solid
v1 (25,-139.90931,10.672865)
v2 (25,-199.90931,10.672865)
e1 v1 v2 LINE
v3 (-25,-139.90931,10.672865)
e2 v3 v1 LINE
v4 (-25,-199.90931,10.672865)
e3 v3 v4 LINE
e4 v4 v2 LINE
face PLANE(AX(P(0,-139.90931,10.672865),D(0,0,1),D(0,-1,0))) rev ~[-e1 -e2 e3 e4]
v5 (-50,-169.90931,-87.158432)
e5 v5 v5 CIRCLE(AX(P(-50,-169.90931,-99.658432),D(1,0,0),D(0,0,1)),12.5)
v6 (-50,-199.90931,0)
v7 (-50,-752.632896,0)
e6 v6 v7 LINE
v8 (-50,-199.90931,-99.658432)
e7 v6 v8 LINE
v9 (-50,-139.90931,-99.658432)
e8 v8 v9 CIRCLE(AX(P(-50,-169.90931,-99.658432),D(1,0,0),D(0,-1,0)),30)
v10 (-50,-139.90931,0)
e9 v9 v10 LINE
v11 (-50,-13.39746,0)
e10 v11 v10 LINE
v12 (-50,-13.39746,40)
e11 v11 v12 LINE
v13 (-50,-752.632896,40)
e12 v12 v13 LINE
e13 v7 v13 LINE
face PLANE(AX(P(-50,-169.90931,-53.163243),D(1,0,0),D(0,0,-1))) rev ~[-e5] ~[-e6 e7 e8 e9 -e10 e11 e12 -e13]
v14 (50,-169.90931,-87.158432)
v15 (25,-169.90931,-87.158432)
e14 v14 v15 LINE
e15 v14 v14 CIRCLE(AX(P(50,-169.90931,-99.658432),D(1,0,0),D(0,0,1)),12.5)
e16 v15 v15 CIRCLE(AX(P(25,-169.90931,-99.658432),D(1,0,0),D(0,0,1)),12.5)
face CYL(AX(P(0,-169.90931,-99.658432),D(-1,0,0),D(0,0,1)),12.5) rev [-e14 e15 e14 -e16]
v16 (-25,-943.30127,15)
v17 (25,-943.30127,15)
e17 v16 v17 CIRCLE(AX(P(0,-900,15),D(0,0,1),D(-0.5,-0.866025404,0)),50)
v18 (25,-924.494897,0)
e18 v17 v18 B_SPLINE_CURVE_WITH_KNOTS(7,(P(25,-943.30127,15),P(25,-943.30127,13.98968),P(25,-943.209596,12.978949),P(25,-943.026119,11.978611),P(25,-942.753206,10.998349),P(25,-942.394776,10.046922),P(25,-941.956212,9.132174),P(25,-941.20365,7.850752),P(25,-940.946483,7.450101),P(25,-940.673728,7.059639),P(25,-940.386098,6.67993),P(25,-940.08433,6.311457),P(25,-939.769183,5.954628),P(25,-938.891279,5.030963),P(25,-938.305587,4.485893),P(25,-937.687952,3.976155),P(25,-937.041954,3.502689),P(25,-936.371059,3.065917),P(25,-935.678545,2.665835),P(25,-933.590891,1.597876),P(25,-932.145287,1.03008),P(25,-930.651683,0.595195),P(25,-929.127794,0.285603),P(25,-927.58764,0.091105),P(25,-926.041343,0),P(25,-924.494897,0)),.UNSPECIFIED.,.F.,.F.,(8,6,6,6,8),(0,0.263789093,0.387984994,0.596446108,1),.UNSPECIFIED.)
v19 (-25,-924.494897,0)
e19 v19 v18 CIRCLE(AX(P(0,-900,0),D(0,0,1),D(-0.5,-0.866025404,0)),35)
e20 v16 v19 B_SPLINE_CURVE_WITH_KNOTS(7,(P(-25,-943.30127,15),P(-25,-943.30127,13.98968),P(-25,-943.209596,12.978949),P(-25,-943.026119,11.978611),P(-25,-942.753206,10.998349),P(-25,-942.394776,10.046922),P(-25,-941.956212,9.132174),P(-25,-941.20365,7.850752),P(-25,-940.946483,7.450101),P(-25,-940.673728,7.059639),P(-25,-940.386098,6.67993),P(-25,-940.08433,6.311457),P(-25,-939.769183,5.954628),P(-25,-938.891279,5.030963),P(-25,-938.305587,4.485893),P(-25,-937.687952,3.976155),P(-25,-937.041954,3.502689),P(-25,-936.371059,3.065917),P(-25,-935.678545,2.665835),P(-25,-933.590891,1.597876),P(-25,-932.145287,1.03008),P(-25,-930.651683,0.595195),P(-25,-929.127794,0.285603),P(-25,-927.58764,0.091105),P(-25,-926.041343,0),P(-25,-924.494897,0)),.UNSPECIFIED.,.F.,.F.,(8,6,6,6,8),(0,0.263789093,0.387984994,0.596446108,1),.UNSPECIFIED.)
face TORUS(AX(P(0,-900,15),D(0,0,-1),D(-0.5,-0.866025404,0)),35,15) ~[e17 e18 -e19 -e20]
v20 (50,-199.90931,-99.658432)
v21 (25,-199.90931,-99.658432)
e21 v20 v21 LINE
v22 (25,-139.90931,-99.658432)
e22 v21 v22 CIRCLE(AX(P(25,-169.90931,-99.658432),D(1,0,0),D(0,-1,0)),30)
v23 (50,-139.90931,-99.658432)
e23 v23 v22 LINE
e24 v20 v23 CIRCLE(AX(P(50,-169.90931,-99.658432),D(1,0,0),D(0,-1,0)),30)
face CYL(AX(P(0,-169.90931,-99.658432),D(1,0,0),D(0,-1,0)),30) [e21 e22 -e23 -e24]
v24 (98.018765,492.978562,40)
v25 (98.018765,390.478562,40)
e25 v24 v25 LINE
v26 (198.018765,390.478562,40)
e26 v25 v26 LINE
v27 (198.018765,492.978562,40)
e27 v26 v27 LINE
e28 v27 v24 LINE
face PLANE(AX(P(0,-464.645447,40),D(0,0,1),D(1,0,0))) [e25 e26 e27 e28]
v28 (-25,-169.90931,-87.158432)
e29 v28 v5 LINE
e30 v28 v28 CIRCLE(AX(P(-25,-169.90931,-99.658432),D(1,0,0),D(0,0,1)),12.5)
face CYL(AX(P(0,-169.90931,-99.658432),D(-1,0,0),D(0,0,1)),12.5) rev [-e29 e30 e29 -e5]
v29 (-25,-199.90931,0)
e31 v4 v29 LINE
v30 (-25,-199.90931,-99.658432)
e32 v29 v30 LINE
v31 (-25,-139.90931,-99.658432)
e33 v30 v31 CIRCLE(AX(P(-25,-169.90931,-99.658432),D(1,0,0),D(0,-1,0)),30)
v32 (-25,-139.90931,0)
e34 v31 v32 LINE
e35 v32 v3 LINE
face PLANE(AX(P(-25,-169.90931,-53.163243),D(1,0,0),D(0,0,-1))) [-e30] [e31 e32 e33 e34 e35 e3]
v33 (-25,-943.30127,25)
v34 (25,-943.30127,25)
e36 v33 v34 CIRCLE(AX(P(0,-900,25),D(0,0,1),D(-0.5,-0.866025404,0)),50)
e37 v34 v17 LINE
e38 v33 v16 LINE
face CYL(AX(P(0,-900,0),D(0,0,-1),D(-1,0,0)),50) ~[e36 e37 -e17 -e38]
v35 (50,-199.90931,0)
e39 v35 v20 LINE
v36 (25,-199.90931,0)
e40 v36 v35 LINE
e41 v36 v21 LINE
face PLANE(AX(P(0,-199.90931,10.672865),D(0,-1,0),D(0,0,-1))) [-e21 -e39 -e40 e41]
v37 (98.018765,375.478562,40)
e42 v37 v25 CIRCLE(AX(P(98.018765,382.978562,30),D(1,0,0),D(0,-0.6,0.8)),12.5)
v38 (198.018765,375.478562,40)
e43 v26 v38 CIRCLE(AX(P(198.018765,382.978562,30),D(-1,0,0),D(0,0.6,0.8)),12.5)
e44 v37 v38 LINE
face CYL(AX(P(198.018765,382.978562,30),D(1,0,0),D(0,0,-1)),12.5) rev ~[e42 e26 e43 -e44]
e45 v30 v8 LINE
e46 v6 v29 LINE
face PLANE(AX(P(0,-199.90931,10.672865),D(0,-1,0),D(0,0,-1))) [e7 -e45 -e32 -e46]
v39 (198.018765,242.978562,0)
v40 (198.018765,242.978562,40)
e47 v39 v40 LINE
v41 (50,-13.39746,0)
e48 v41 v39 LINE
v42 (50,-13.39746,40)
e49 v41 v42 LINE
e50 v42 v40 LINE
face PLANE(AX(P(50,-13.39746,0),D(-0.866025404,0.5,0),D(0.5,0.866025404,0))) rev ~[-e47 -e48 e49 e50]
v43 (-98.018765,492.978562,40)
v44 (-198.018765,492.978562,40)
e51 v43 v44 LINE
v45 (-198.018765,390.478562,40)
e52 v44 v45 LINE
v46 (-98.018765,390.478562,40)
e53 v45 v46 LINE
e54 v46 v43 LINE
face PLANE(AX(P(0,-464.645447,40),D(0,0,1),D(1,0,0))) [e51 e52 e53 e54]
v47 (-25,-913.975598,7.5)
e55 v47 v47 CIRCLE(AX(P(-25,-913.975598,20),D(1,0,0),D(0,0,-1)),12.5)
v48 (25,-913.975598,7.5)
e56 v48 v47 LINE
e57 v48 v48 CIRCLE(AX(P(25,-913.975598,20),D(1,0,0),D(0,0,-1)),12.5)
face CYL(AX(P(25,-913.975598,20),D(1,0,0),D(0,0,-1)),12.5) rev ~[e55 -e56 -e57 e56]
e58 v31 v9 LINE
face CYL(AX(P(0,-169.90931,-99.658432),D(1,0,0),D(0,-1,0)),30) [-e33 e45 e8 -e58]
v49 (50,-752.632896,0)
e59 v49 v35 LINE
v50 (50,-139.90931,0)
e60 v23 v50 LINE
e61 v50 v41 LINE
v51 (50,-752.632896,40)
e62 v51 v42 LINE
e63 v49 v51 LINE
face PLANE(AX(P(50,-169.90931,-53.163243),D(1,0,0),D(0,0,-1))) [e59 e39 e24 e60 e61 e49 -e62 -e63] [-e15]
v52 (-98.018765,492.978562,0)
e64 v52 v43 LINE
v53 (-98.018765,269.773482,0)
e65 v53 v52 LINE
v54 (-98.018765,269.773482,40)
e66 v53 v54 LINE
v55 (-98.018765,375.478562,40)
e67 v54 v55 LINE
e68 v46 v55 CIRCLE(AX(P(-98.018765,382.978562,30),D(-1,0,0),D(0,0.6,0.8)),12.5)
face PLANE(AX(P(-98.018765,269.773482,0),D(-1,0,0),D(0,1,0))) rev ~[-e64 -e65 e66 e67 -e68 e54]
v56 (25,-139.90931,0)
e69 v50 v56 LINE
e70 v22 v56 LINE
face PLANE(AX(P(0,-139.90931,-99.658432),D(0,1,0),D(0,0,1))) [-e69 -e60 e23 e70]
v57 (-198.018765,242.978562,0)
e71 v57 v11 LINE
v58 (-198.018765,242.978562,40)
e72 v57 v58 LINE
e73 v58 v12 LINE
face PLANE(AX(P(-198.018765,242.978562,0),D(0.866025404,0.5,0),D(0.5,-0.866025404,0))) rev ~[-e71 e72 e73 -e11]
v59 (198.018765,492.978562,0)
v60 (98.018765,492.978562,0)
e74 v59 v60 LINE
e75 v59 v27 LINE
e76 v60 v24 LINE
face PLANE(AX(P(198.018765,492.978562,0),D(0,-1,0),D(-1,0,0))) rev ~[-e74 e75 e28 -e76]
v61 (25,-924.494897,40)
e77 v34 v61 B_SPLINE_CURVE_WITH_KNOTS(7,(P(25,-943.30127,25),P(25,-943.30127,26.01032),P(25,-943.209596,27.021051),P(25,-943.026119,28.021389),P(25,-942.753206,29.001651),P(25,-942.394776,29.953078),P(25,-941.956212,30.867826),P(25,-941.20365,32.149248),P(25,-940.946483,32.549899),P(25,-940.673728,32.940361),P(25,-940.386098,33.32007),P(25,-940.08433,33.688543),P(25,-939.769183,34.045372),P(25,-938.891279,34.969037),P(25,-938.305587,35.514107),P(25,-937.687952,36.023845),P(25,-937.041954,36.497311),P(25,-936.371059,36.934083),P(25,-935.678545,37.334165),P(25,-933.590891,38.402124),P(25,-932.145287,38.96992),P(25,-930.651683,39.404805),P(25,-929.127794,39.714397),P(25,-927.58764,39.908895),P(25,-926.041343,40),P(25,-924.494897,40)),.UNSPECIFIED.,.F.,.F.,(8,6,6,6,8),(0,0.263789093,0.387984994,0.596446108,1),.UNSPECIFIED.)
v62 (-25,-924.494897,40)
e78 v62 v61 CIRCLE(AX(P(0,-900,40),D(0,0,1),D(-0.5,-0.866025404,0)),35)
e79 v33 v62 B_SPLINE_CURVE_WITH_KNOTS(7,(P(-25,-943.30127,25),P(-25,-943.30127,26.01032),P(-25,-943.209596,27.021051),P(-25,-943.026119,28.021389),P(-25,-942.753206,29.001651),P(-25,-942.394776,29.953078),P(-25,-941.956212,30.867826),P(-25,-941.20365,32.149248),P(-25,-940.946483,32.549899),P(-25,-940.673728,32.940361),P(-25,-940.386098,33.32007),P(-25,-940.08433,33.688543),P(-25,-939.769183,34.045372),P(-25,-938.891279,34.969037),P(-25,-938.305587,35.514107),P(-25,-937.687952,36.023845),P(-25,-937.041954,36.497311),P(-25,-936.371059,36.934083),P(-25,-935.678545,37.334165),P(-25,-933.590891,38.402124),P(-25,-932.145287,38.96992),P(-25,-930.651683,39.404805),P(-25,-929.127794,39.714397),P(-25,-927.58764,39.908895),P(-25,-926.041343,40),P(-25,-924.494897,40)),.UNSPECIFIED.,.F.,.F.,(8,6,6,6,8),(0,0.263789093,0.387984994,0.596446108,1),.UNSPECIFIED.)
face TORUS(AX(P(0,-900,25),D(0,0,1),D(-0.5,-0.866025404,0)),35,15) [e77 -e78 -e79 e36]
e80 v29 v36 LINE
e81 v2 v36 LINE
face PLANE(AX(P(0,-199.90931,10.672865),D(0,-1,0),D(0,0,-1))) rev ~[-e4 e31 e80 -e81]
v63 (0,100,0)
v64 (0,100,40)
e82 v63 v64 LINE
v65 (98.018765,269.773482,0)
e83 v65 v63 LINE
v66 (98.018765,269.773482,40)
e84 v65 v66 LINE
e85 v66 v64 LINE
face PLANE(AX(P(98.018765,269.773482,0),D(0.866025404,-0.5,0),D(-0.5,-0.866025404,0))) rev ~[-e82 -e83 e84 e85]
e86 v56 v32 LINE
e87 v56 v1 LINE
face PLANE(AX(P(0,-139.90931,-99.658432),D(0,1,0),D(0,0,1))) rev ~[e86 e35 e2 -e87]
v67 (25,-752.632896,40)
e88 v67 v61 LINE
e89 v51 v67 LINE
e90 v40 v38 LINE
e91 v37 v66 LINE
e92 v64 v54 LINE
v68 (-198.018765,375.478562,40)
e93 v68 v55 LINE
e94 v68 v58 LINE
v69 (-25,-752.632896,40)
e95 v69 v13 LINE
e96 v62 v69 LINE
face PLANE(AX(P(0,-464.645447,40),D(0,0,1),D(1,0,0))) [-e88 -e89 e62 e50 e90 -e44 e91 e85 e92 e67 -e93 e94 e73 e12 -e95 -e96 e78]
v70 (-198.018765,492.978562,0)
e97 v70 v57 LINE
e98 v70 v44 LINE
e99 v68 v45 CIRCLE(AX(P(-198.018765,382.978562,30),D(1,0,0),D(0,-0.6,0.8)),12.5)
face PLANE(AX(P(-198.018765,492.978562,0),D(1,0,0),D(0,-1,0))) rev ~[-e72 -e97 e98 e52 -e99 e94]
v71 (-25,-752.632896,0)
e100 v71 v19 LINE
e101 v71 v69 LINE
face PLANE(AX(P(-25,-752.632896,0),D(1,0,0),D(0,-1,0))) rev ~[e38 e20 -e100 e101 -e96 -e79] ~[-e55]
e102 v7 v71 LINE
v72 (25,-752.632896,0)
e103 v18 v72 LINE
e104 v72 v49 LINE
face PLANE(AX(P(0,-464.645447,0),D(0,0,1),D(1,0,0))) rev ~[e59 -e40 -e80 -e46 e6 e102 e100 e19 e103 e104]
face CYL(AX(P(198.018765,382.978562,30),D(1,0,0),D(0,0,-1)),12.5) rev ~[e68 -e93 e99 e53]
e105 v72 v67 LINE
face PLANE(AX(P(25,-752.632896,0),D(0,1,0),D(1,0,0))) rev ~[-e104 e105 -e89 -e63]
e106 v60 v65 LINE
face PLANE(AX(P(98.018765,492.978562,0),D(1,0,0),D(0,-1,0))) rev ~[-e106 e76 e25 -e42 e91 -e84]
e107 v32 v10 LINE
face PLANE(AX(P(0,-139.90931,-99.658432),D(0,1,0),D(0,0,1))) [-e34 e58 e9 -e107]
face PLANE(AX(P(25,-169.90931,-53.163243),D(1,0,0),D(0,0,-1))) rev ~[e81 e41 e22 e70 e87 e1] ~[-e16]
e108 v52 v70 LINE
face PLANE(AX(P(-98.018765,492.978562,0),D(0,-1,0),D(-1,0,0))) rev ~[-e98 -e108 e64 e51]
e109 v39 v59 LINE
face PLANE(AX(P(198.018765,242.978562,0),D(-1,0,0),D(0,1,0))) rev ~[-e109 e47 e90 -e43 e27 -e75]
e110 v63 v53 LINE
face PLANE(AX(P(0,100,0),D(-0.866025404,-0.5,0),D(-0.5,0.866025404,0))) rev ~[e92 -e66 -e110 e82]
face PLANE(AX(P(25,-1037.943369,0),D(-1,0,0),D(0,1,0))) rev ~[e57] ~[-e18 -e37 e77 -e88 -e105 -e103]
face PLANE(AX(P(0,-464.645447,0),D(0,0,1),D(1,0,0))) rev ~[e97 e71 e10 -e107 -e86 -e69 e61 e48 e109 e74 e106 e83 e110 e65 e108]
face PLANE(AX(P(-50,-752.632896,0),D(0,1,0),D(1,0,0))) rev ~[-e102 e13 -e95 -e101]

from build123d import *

# Parameters (mm, degrees)
BOSS_EXTRU_1_DEPTH      = 40
ENL_V_MAT_EXTRU_2_DEPTH = 972.24221049
ESQUISSE3_R             = 12.5
ENL_V_MAT_EXTRU_3_DEPTH = 50
CONG_1_R                = 15
ESQUISSE6_R             = 12.5
BOSS_EXTRU_2_DEPTH      = 50
ENL_V_MAT_EXTRU_4_DEPTH = 25
ESQUISSE7_R             = 12.5
ENL_V_MAT_EXTRU_5_DEPTH = 1038.379889384


with BuildPart() as part:
    # Esquisse1 → Boss.-Extru.1 (new body)
    with BuildSketch(Plane.XY):
        with BuildLine():
            Line((-50, -13.397459622), (-50, -900))
            ThreePointArc((-50, -900), (0, -950), (50, -900))
            Line((50, -900), (50, -13.397459622))
            Line((50, -13.397459622), (43.301270189, -25))
            ThreePointArc((43.301270189, -25), (0, -50), (-43.301270189, -25))
            Line((-43.301270189, -25), (-50, -13.397459622))
        make_face()
        with BuildLine():
            Line((-50, 0), (-50, -13.397459622))
            Line((-50, -13.397459622), (-43.301270189, -25))
            ThreePointArc((-43.301270189, -25), (0, -50), (43.301270189, -25))
            Line((43.301270189, -25), (50, -13.397459622))
            Line((50, -13.397459622), (50, 0))
            ThreePointArc((50, 0), (48.296291314, 12.940952255), (43.301270189, 25))
            ThreePointArc((43.301270189, 25), (0, 50), (-43.301270189, 25))
            ThreePointArc((-43.301270189, 25), (-48.296291314, 12.940952255), (-50, 0))
        make_face()
        with BuildLine():
            Line((-198.018765367, 242.978562467), (-50, -13.397459622))
            Line((-50, -13.397459622), (-50, 0))
            ThreePointArc((-50, 0), (-48.296291314, 12.940952255), (-43.301270189, 25))
            ThreePointArc((-43.301270189, 25), (0, 50), (43.301270189, 25))
            ThreePointArc((43.301270189, 25), (48.296291314, 12.940952255), (50, 0))
            Line((50, 0), (50, -13.397459622))
            Line((50, -13.397459622), (198.018765367, 242.978562467))
            Line((198.018765367, 242.978562467), (198.018765367, 492.978562467))
            Line((198.018765367, 492.978562467), (98.018765367, 492.978562467))
            Line((98.018765367, 492.978562467), (98.018765367, 392.978562467))
            Line((98.018765367, 392.978562467), (98.018765367, 342.978562467))
            Line((98.018765367, 342.978562467), (98.018765367, 269.773481711))
            Line((98.018765367, 269.773481711), (0, 100))
            Line((0, 100), (-98.018765367, 269.773481711))
            Line((-98.018765367, 269.773481711), (-98.018765367, 342.978562467))
            Line((-98.018765367, 342.978562467), (-98.018765367, 392.978562467))
            Line((-98.018765367, 392.978562467), (-98.018765367, 492.978562467))
            Line((-98.018765367, 492.978562467), (-198.018765367, 492.978562467))
            Line((-198.018765367, 492.978562467), (-198.018765367, 242.978562467))
        make_face()
    extrude(amount=BOSS_EXTRU_1_DEPTH)

    # Esquisse2 → Enlèv. mat.-Extru.2 (cut, through all)
    with BuildSketch(Plane(origin=(0, 0, 0), x_dir=(-1, 0, 0), z_dir=(0, 0, -1))):
        with BuildLine():
            ThreePointArc((50, -900), (43.301270189, -925), (25, -943.301270189))
            Line((25, -943.301270189), (25, -1037.943368981))
            Line((25, -1037.943368981), (50, -1037.943368981))
            Line((50, -1037.943368981), (50, -900))
        make_face()
        with BuildLine():
            ThreePointArc((-25, -943.301270189), (-43.301270189, -925), (-50, -900))
            Line((-50, -900), (-50, -1037.943368981))
            Line((-50, -1037.943368981), (-25, -1037.943368981))
            Line((-25, -1037.943368981), (-25, -943.301270189))
        make_face()
        with BuildLine():
            Line((-25, -752.632896004), (-50, -752.632896004))
            Line((-50, -752.632896004), (-50, -900))
            ThreePointArc((-50, -900), (-43.301270189, -925), (-25, -943.301270189))
            Line((-25, -943.301270189), (-25, -752.632896004))
        make_face()
        with BuildLine():
            Line((50, -752.632896004), (25, -752.632896004))
            Line((25, -752.632896004), (25, -943.301270189))
            ThreePointArc((25, -943.301270189), (43.301270189, -925), (50, -900))
            Line((50, -900), (50, -752.632896004))
        make_face()
    extrude(amount=-ENL_V_MAT_EXTRU_2_DEPTH, mode=Mode.SUBTRACT)

    # Esquisse3 → Enlèv. mat.-Extru.3 (cut)
    with BuildSketch(Plane(origin=(25, 0, 0), x_dir=(0, 0, -1), z_dir=(1, 0, 0))):
        with Locations((-20, -913.975598424)):
            Circle(ESQUISSE3_R)
    extrude(amount=-ENL_V_MAT_EXTRU_3_DEPTH, mode=Mode.SUBTRACT)

    # Congé1
    cong_1_edges = [part.edges().sort_by_distance(p)[0] for p in [
        (0, -950, 0),
        (0, -950, 40),
    ]]
    fillet(cong_1_edges, radius=CONG_1_R)

    # Esquisse6 → Boss.-Extru.2 (add, symmetric)
    with BuildSketch(Plane(origin=(0, 0, 0), x_dir=(0, 0, -1), z_dir=(1, 0, 0))):
        with BuildLine():
            Line((99.658431886, -139.909310173), (-10.672864852, -139.909310173))
            Line((-10.672864852, -139.909310173), (-10.672864852, -199.909310173))
            Line((-10.672864852, -199.909310173), (99.658431886, -199.909310173))
            ThreePointArc((99.658431886, -199.909310173), (129.658431886, -169.909310173), (99.658431886, -139.909310173))
        make_face()
        with Locations(Location((99.658431886, -169.909310173, 0), (0, 0, 180))):
            Circle(ESQUISSE6_R, mode=Mode.SUBTRACT)
    extrude(amount=BOSS_EXTRU_2_DEPTH, both=True)

    # Esquisse6 → Enlèv. mat.-Extru.4 (cut, symmetric)
    with BuildSketch(Plane(origin=(0, 0, 0), x_dir=(0, 0, -1), z_dir=(1, 0, 0))):
        with BuildLine():
            Line((99.658431886, -139.909310173), (-10.672864852, -139.909310173))
            Line((-10.672864852, -139.909310173), (-10.672864852, -199.909310173))
            Line((-10.672864852, -199.909310173), (99.658431886, -199.909310173))
            ThreePointArc((99.658431886, -199.909310173), (129.658431886, -169.909310173), (99.658431886, -139.909310173))
        make_face()
        with Locations(Location((99.658431886, -169.909310173, 0), (0, 0, 180))):
            Circle(ESQUISSE6_R, mode=Mode.SUBTRACT)
    extrude(amount=ENL_V_MAT_EXTRU_4_DEPTH, both=True, mode=Mode.SUBTRACT)

    # Esquisse7 → Enlèv. mat.-Extru.5 (cut, through all)
    with BuildSketch(Plane(origin=(198.018765367, 0, 0), x_dir=(0, 0, -1), z_dir=(1, 0, 0))):
        with Locations((-30, 382.978562467)):
            Circle(ESQUISSE7_R)
    extrude(amount=-ENL_V_MAT_EXTRU_5_DEPTH, mode=Mode.SUBTRACT)


solid = part.part
